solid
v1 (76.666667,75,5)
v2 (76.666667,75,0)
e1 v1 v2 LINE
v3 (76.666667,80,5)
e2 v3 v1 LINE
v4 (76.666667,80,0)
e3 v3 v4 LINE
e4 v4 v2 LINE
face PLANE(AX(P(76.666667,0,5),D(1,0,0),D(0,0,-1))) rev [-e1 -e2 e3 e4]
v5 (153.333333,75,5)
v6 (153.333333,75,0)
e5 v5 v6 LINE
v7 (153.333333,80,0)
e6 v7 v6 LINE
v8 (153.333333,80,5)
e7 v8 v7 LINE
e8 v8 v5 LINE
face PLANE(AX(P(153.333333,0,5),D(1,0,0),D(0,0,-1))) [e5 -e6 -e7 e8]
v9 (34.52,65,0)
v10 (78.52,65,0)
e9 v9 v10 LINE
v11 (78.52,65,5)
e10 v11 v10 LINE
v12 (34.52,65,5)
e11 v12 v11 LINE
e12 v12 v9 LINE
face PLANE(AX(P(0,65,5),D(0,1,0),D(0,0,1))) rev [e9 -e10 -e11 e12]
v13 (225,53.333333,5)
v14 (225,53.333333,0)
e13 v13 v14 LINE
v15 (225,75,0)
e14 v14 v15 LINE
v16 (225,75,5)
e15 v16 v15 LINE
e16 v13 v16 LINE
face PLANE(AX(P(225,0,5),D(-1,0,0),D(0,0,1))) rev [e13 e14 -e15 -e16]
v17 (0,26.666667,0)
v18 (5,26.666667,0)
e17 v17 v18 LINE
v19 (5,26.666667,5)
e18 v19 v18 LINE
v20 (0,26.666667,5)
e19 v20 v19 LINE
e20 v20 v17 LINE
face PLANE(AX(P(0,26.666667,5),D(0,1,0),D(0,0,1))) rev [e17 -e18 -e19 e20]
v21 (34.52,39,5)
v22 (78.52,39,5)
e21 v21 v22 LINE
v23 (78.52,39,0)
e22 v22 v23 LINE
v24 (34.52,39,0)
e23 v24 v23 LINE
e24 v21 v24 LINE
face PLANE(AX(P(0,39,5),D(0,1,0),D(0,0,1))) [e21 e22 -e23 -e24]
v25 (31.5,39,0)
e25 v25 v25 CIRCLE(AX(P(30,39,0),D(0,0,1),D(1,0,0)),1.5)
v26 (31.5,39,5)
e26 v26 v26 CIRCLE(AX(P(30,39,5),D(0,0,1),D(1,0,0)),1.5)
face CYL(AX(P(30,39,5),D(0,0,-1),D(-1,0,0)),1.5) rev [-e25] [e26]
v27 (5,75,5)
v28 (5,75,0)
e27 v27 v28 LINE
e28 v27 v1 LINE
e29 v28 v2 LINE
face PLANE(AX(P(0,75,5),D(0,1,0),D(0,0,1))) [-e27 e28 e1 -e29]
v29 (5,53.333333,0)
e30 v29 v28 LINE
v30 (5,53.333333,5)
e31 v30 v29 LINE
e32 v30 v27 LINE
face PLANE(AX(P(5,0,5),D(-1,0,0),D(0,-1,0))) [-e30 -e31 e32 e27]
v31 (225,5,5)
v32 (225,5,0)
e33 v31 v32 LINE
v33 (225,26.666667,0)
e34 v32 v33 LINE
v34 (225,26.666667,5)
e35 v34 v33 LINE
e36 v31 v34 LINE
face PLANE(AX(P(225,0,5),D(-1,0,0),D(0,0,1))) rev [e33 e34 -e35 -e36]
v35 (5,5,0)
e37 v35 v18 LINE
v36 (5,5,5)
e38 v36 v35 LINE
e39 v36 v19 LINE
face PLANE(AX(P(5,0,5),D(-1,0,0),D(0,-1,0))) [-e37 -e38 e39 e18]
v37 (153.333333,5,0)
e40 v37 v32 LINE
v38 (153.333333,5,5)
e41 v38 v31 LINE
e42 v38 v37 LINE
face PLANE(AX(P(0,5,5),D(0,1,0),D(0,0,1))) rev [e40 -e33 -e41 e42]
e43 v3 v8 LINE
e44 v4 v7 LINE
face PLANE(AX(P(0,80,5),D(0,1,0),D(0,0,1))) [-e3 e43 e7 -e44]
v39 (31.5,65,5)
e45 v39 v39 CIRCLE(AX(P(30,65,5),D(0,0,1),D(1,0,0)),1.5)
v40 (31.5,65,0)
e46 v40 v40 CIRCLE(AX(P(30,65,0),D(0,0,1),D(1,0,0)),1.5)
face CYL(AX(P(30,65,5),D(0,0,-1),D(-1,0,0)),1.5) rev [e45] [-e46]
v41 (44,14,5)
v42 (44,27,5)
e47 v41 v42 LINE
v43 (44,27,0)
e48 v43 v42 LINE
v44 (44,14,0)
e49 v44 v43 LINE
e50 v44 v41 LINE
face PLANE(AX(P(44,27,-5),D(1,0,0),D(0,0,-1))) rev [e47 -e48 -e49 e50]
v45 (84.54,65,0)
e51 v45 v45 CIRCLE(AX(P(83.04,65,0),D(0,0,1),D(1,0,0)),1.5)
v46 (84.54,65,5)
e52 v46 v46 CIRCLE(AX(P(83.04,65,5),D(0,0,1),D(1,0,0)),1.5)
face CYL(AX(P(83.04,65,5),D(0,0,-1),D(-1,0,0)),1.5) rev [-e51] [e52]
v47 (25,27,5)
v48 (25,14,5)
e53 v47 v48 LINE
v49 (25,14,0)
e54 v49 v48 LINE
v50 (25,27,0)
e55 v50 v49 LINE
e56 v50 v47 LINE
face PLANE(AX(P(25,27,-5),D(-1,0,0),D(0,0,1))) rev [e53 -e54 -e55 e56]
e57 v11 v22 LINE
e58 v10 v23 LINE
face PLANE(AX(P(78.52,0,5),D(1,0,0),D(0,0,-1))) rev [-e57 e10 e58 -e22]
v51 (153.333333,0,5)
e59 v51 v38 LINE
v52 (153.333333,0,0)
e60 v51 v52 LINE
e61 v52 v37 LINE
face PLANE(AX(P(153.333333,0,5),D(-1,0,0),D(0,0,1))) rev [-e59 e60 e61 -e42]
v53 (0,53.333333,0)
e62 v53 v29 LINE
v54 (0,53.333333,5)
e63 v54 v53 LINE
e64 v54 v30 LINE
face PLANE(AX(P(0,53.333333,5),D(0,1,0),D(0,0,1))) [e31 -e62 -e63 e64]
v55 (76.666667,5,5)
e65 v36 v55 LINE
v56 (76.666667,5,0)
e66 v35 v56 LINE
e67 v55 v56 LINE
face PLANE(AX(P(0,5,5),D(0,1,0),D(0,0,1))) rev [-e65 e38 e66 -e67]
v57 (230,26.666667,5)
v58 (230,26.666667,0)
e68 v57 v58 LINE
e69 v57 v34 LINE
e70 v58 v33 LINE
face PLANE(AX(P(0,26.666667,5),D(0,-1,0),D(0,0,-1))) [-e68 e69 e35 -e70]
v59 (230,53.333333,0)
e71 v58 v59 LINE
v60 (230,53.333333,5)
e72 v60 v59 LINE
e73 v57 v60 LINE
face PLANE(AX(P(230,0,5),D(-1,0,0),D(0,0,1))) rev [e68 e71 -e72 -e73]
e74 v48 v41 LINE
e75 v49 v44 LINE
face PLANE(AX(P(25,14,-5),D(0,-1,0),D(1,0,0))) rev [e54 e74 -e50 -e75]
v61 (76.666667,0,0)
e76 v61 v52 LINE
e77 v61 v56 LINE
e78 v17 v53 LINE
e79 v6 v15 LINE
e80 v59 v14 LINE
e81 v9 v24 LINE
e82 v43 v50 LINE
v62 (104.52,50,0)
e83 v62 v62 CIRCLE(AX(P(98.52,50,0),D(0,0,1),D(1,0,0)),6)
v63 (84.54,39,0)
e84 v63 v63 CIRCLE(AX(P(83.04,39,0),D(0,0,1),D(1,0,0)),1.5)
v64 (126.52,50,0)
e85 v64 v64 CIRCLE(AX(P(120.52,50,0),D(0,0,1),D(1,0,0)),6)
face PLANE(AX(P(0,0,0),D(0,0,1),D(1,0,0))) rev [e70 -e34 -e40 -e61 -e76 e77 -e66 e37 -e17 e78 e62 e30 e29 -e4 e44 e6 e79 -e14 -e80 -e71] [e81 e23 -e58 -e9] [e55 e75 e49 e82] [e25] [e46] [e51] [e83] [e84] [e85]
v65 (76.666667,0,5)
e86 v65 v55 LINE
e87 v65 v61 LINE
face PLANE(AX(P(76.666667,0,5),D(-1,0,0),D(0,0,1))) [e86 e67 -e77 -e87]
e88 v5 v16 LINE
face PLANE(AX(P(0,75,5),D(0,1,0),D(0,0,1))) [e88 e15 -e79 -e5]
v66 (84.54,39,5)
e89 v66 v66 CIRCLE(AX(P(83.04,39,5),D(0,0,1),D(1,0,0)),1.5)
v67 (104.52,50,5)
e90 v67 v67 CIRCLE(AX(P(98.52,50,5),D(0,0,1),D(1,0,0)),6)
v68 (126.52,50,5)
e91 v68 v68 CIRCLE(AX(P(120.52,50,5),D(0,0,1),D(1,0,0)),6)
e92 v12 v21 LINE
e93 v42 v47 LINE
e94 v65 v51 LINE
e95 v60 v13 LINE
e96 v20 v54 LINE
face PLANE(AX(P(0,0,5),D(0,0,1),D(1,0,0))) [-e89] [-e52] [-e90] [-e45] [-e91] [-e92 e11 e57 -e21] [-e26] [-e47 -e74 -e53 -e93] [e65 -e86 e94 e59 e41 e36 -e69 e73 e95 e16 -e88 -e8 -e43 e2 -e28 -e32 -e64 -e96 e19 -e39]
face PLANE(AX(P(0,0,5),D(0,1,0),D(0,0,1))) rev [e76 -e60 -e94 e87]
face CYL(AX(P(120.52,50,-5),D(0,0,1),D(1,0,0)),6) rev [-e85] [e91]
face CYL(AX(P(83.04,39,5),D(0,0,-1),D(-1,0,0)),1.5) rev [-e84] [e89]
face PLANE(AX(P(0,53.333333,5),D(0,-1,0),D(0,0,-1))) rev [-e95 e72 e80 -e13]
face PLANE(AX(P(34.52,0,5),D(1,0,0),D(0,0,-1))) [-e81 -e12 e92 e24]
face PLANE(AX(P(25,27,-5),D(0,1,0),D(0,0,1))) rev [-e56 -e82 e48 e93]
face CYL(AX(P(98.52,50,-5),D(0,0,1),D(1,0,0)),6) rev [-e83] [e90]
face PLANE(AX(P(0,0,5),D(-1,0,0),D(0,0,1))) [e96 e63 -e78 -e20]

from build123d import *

# Parameters (mm, degrees)
CROQUIS1_R              = 1.5
CROQUIS1_W              = 44
CROQUIS1_H              = 26
CROQUIS1_W_2            = 5
CROQUIS1_H_2            = 26.666666666
CROQUIS1_W_3            = 76.666666666
CROQUIS1_H_3            = 5
SALIENTE_EXTRUIR1_DEPTH = 5
CROQUIS2_R              = 4.15
CORTAR_EXTRUIR1_DEPTH   = 10
CROQUIS3_W              = 19
CROQUIS3_H              = 13
CORTAR_EXTRUIR2_DEPTH   = 10
CROQUIS4_R              = 4.15
CORTAR_EXTRUIR3_DEPTH   = 10
CROQUIS5_R              = 6
CORTAR_EXTRUIR4_DEPTH   = 10
CROQUIS7_W              = 87.958060954
CROQUIS7_H              = 14.714173765
SALIENTE_EXTRUIR2_DEPTH = 5


with BuildPart() as part:
    # Croquis1 → Saliente-Extruir1 (new body)
    with BuildSketch(Plane.XY):
        Polygon((5, 26.666666667), (5, 5), (76.666666667, 5), (153.333333333, 5), (225, 5), (225, 26.666666667), (225, 53.333333333), (225, 75), (153.333333333, 75), (76.666666667, 75), (5, 75), (5, 53.333333333), align=None)
        with Locations((30, 39)):
            Circle(CROQUIS1_R, mode=Mode.SUBTRACT)
        with Locations((83.04, 39)):
            Circle(CROQUIS1_R, mode=Mode.SUBTRACT)
        with Locations((56.52, 52)):
            Rectangle(CROQUIS1_W, CROQUIS1_H, mode=Mode.SUBTRACT)
        with Locations((30, 65)):
            Circle(CROQUIS1_R, mode=Mode.SUBTRACT)
        with Locations((83.04, 65)):
            Circle(CROQUIS1_R, mode=Mode.SUBTRACT)
        with Locations((227.5, 40)):
            Rectangle(CROQUIS1_W_2, CROQUIS1_H_2)
        with Locations((115, 2.5)):
            Rectangle(CROQUIS1_W_3, CROQUIS1_H_3)
        with Locations((2.5, 40)):
            Rectangle(CROQUIS1_W_2, CROQUIS1_H_2)
        with Locations((115, 77.5)):
            Rectangle(CROQUIS1_W_3, CROQUIS1_H_3)
    extrude(amount=SALIENTE_EXTRUIR1_DEPTH)

    # Croquis2 → Cortar-Extruir1 (cut)
    with BuildSketch(Plane.XY.offset(5)):
        with Locations((96.666666667, 20)):
            Circle(CROQUIS2_R)
        with Locations((116.666666667, 20)):
            Circle(CROQUIS2_R)
        with Locations((136.666666667, 20)):
            Circle(CROQUIS2_R)
    extrude(amount=-CORTAR_EXTRUIR1_DEPTH, mode=Mode.SUBTRACT)

    # Croquis3 → Cortar-Extruir2 (cut)
    with BuildSketch(Plane.XY.offset(5)):
        with Locations((34.5, 20.5)):
            Rectangle(CROQUIS3_W, CROQUIS3_H)
    extrude(amount=-CORTAR_EXTRUIR2_DEPTH, mode=Mode.SUBTRACT)

    # Croquis4 → Cortar-Extruir3 (cut)
    with BuildSketch(Plane.XY.offset(5)):
        with Locations((65, 20)):
            Circle(CROQUIS4_R)
        with Locations((80, 20)):
            Circle(CROQUIS4_R)
    extrude(amount=-CORTAR_EXTRUIR3_DEPTH, mode=Mode.SUBTRACT)

    # Croquis5 → Cortar-Extruir4 (cut)
    with BuildSketch(Plane.XY.offset(5)):
        with Locations((98.52, 50)):
            Circle(CROQUIS5_R)
        with Locations((120.52, 50)):
            Circle(CROQUIS5_R)
    extrude(amount=-CORTAR_EXTRUIR4_DEPTH, mode=Mode.SUBTRACT)

    # Croquis7 → Saliente-Extruir2 (add)
    with BuildSketch(Plane.XY.offset(5)):
        with Locations((100.697748768, 19.971943706)):
            Rectangle(CROQUIS7_W, CROQUIS7_H)
    extrude(amount=-SALIENTE_EXTRUIR2_DEPTH)


solid = part.part
